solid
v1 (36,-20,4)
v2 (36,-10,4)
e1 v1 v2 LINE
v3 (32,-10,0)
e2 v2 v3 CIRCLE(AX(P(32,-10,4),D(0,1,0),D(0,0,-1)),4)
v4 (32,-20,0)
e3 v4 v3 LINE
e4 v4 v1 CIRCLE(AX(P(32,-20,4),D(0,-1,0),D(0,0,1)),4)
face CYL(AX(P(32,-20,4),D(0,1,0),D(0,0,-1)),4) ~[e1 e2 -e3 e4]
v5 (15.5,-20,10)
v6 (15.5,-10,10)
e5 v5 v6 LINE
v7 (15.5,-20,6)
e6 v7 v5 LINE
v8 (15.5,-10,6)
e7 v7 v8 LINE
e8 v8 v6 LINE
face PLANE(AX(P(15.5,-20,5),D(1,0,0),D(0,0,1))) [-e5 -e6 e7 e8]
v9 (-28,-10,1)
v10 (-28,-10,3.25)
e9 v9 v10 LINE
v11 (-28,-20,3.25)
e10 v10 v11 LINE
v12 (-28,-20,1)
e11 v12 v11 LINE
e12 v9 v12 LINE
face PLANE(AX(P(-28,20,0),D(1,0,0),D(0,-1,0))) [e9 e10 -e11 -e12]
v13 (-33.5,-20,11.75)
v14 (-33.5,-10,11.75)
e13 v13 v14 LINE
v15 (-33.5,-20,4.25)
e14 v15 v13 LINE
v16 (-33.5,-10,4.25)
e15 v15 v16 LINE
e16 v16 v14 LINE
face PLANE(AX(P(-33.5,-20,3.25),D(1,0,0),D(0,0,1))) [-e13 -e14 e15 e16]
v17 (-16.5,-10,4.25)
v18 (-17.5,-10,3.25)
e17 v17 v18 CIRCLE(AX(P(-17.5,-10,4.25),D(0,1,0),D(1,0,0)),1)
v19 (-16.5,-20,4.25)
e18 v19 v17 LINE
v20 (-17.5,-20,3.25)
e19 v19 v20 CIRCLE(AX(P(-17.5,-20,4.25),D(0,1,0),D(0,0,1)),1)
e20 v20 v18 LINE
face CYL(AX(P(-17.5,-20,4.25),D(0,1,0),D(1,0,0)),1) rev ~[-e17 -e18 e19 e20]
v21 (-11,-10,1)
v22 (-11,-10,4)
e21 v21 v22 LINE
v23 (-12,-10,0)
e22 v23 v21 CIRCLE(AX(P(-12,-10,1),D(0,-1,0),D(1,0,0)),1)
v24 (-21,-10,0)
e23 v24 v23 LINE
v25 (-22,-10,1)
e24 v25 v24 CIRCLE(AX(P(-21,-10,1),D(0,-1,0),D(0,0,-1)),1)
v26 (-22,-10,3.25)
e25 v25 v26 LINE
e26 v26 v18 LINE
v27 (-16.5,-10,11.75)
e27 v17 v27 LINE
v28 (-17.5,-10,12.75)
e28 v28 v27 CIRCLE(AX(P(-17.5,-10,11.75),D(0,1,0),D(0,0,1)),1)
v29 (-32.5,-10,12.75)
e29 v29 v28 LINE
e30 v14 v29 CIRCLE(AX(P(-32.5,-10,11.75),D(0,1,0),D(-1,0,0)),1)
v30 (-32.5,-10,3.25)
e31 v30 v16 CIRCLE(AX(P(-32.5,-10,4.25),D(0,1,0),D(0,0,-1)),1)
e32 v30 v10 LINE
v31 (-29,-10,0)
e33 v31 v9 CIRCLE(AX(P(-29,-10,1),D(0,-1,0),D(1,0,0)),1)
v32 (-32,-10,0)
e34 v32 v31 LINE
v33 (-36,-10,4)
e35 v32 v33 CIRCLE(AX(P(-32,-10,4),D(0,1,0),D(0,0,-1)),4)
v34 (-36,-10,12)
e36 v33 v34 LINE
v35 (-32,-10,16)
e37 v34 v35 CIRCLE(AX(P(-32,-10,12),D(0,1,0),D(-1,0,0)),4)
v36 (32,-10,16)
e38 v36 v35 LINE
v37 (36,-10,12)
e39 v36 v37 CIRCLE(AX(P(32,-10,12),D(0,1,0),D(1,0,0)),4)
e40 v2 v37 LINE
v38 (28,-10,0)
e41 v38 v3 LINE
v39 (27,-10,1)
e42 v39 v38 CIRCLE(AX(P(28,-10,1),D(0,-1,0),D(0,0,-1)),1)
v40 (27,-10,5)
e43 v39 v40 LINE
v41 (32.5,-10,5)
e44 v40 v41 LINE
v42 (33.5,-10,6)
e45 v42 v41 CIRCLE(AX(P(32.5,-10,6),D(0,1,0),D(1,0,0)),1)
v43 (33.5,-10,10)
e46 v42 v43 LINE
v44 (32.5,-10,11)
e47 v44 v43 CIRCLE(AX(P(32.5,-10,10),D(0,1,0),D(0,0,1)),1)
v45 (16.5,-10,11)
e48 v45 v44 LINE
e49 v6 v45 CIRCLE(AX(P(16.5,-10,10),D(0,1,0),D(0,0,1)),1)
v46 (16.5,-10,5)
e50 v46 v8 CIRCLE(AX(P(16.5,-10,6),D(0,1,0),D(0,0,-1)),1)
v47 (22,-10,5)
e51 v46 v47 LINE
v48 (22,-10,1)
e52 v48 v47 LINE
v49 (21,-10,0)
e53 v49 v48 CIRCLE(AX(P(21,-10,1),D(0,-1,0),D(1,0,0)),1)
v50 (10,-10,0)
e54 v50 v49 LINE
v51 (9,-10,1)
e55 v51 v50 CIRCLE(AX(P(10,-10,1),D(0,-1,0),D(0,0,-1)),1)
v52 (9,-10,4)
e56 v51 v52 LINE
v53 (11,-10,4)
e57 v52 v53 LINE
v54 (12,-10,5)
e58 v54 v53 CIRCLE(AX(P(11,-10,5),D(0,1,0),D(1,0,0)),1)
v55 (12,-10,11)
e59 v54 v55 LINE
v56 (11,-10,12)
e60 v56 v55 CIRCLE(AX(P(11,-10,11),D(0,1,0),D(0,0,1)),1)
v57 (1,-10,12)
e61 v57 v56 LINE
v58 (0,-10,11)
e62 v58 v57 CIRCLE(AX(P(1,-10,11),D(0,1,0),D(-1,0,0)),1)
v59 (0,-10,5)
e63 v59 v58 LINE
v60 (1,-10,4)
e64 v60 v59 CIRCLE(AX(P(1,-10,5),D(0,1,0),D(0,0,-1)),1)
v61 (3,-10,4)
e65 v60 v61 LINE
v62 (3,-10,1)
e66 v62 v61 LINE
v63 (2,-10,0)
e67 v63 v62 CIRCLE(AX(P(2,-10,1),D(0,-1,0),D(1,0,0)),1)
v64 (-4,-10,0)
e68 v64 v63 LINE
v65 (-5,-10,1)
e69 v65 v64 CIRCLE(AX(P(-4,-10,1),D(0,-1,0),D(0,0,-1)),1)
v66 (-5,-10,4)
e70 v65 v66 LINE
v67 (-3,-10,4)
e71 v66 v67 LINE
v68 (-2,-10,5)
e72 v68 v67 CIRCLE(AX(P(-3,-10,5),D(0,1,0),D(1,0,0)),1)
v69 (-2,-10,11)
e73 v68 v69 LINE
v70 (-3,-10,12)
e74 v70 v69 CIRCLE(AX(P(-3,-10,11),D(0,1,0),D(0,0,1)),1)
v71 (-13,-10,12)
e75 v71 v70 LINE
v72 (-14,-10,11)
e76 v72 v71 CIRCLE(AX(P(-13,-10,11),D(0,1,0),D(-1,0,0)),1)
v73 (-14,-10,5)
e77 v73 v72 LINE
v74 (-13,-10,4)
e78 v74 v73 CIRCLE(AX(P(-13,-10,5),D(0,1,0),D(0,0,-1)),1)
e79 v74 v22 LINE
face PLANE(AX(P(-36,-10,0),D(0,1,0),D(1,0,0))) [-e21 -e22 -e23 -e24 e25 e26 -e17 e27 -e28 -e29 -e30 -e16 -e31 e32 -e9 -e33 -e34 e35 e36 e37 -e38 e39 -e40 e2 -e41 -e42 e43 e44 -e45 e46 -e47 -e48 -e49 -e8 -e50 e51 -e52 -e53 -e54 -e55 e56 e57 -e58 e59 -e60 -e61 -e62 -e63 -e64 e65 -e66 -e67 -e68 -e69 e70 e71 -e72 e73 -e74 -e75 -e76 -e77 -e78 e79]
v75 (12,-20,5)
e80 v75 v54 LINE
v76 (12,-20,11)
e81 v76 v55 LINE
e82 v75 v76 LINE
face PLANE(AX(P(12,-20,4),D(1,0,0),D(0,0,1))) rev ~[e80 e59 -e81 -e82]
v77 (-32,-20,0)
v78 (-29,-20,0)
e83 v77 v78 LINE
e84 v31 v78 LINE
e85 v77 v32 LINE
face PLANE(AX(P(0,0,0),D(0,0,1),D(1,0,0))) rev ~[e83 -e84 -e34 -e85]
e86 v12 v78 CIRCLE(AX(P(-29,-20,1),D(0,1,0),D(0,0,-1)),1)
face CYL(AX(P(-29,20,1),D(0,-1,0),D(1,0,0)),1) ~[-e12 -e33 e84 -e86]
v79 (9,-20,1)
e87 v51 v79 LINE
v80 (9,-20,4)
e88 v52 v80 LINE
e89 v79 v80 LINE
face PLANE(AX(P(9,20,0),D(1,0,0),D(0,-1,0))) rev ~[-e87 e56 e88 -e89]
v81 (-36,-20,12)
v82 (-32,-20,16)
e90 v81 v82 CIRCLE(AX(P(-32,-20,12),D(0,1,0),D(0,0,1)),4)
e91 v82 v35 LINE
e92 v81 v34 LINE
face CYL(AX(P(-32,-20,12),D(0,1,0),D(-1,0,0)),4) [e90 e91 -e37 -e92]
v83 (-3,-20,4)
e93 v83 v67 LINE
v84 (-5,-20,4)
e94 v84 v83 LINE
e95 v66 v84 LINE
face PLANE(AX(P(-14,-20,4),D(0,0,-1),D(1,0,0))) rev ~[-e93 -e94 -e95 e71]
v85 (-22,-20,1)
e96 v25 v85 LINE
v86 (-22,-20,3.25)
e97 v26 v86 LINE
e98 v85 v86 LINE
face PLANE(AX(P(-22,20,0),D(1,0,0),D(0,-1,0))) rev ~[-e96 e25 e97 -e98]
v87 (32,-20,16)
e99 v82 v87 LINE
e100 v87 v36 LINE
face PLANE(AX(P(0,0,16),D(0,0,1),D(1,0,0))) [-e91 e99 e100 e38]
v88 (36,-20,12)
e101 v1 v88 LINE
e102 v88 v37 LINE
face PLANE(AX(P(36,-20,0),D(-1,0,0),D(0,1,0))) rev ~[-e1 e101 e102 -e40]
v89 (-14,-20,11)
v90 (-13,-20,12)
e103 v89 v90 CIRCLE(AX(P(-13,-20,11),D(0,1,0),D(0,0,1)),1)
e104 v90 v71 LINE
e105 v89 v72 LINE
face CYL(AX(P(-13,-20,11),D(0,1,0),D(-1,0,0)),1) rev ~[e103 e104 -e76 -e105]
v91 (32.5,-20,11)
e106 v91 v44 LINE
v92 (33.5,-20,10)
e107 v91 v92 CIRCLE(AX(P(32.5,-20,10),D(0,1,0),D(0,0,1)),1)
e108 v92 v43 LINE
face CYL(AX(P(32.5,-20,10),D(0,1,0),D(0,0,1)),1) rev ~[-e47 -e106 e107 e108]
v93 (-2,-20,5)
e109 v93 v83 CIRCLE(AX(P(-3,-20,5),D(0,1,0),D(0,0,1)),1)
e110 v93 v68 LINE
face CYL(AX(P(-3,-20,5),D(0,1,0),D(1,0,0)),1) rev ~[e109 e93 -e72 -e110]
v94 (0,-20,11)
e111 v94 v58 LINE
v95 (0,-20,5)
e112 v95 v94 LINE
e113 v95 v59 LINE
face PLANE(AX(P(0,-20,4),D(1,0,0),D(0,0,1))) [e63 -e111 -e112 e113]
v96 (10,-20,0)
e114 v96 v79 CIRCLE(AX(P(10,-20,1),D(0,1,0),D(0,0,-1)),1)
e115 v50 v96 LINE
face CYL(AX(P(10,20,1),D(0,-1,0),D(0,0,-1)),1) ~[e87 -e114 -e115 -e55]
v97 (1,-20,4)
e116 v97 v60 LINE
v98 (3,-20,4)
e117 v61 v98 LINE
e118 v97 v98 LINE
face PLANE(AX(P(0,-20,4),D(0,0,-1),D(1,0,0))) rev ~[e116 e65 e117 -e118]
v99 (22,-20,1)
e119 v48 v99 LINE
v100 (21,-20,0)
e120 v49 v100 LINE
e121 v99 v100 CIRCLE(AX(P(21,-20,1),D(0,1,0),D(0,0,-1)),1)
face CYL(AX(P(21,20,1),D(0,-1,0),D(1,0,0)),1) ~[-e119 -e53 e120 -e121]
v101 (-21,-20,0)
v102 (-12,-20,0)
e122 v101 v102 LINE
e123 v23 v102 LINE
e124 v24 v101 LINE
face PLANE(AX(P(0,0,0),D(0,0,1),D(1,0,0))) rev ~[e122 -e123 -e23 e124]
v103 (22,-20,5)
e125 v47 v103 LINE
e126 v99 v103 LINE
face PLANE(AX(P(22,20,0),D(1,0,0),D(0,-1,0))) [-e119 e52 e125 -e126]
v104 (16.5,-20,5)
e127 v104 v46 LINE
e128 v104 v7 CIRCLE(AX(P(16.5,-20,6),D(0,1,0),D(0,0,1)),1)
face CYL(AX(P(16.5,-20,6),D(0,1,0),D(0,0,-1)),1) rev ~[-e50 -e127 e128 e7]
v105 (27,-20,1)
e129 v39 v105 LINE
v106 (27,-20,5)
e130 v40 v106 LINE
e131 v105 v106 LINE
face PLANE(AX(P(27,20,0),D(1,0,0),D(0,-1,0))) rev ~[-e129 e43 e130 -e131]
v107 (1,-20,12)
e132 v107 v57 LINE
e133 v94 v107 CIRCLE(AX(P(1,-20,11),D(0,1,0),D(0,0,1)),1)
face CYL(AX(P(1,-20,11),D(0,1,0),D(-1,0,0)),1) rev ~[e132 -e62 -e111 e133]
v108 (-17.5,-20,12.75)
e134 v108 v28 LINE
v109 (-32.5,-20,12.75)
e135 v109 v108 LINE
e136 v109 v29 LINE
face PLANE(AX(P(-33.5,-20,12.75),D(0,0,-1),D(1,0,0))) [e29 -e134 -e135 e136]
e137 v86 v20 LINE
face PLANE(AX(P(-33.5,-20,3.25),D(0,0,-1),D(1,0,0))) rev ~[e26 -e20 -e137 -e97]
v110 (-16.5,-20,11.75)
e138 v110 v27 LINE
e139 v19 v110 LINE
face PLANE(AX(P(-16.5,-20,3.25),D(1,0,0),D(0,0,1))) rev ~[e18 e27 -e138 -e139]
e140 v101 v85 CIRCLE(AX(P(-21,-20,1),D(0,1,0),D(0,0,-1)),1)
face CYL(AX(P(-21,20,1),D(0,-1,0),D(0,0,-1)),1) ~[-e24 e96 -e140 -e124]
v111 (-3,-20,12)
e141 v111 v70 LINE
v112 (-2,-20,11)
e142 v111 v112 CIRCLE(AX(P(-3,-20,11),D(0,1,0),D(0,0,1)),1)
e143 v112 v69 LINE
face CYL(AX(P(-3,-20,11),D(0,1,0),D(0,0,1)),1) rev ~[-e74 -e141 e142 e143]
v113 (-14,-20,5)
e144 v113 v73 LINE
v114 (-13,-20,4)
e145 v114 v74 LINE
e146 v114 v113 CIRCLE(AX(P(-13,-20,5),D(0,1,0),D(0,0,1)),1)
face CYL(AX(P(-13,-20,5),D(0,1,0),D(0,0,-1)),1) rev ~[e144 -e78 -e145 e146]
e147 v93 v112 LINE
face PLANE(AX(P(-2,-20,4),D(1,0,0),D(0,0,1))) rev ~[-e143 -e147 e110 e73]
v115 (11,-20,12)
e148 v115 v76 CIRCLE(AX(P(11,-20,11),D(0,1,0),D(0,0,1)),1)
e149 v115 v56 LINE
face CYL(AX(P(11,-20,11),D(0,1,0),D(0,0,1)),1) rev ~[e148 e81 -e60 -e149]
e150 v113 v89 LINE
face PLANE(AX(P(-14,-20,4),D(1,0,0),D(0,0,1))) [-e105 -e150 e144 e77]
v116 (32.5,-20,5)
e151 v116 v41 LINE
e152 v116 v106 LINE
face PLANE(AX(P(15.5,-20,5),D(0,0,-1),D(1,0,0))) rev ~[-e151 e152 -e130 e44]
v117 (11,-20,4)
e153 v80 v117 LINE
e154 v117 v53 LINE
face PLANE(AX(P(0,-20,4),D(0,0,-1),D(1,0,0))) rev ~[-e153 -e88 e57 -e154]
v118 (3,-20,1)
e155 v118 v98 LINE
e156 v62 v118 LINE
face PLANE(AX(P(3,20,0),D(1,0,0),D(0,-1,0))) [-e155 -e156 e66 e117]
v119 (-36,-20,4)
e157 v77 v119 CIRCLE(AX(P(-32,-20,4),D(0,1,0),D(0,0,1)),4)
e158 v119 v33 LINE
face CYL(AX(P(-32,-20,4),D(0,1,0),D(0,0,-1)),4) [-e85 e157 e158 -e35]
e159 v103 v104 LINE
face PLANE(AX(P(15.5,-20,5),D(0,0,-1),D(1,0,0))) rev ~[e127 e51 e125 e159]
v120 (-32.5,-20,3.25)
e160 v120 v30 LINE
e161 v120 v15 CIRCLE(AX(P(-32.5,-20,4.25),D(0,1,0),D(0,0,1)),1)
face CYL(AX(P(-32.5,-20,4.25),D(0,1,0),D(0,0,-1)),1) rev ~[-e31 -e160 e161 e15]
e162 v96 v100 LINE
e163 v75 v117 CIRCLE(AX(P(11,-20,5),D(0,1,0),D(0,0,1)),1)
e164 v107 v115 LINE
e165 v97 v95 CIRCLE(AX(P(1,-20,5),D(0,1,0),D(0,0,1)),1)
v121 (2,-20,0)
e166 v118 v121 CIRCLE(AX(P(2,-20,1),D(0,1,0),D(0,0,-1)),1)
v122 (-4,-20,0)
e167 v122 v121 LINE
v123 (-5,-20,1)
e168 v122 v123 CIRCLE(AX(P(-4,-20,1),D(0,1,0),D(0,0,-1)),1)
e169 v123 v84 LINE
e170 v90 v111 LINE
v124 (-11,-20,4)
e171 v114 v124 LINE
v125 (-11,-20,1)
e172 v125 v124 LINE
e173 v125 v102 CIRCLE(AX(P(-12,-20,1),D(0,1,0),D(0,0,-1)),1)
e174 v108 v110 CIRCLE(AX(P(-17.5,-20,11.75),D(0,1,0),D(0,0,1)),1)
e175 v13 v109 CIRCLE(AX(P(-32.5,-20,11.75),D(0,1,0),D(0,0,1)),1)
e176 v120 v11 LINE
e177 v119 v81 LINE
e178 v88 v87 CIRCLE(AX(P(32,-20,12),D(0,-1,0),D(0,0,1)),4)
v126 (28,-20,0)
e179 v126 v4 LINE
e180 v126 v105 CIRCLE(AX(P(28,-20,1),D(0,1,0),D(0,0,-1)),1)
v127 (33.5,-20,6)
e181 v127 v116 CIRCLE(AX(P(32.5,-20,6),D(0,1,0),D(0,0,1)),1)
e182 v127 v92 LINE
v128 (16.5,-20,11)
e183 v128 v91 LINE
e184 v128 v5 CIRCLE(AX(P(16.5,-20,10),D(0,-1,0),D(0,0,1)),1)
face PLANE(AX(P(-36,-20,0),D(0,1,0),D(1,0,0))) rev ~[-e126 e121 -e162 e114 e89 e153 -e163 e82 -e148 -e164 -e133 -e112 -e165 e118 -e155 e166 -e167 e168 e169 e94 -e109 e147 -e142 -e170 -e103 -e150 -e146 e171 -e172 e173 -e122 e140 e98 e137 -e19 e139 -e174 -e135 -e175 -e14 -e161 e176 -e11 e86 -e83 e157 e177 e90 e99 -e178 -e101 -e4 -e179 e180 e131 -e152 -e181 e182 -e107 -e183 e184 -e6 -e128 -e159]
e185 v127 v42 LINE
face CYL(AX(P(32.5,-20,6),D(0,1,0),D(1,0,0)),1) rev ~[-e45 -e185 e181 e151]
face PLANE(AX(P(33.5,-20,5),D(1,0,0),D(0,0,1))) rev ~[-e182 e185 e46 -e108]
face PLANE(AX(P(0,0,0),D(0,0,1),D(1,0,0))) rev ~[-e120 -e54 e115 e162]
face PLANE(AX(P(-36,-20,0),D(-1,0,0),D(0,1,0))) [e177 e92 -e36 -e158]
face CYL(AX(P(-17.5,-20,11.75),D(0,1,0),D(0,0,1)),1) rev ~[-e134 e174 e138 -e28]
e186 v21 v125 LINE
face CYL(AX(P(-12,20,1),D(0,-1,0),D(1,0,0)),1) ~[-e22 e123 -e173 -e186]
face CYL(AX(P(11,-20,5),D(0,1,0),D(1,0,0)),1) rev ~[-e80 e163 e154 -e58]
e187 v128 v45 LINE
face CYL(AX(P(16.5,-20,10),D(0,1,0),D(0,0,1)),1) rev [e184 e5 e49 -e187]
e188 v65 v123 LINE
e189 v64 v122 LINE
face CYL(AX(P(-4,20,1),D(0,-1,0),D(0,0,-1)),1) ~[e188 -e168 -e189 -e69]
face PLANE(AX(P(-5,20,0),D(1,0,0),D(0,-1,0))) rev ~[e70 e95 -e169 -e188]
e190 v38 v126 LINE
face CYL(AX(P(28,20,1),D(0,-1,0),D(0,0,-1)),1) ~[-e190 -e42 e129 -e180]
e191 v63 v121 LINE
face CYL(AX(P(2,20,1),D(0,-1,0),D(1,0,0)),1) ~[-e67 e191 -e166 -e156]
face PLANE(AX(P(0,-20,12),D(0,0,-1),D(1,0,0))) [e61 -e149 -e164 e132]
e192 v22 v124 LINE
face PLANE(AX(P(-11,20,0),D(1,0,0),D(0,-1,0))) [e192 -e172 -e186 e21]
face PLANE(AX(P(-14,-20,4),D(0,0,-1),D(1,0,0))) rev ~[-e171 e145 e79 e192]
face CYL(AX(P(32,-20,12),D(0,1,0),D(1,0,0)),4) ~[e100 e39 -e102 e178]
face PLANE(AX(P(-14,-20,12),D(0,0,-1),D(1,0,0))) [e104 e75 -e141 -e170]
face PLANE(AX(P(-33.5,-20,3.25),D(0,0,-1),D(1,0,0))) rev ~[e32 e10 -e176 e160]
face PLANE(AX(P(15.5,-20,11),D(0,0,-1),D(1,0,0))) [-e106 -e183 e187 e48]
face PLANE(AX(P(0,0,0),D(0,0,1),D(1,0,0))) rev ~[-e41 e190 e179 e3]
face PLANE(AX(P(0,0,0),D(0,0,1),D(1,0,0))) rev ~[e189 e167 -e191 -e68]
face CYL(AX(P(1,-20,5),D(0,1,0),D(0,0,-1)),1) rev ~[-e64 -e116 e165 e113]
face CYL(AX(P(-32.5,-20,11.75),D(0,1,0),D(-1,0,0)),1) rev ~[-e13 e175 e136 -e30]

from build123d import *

# Parameters (mm, degrees)
F0_W      = 72
F0_H      = 40
F1_DEPTH  = 16
F3_W      = 17
F3_H      = 9.5
F7_DEPTH  = 35
F4_W      = 12
F4_H      = 8
F8_DEPTH  = 20
F5_W      = 12
F5_H      = 8
F9_DEPTH  = 28
F6_W      = 18
F6_H      = 6
F10_DEPTH = 11
F11_R     = 3.25
F11_R_2   = 3
F12_DEPTH = 40.001
F13_W     = 6
F13_H     = 40
F13_W_2   = 5
F14_DEPTH = 8
F15_R     = 1
F16_R     = 4
F17_W     = 72
F17_H     = 10
F18_DEPTH = 16.001


with BuildPart() as f1:
    # F0 (on Top) → F1 (new body)
    with BuildSketch(Plane.XY):
        Rectangle(F0_W, F0_H)
    extrude(amount=F1_DEPTH)

    # F3 (on face) → F7 (cut)
    with BuildSketch(Plane.XZ.offset(20)):
        with Locations((-25, 8)):
            Rectangle(F3_W, F3_H)
    extrude(amount=-F7_DEPTH, mode=Mode.SUBTRACT)

    # F4 (on face) → F8 (cut)
    with BuildSketch(Plane.XZ.offset(20)):
        with Locations((-8, 8)):
            Rectangle(F4_W, F4_H)
    extrude(amount=-F8_DEPTH, mode=Mode.SUBTRACT)

    # F5 (on face) → F9 (cut)
    with BuildSketch(Plane.XZ.offset(20)):
        with Locations((6, 8)):
            Rectangle(F5_W, F5_H)
    extrude(amount=-F9_DEPTH, mode=Mode.SUBTRACT)

    # F6 (on face) → F10 (cut)
    with BuildSketch(Plane.XZ.offset(20)):
        with Locations((24.5, 8)):
            Rectangle(F6_W, F6_H)
    extrude(amount=-F10_DEPTH, mode=Mode.SUBTRACT)

    # F11 (on face) → F12 (cut, through all)
    with BuildSketch(Plane.XZ.offset(20)):
        with Locations((-25, 8)):
            Circle(F11_R)
        with Locations((-8, 8)):
            Circle(F11_R)
        with Locations((6, 8)):
            Circle(F11_R)
        with Locations((24.5, 8)):
            Circle(F11_R_2)
    extrude(amount=-F12_DEPTH, mode=Mode.SUBTRACT)

    # F13 (on face) → F14 (cut)
    with BuildSketch(Plane(origin=(0, 0, 0), x_dir=(1, 0, 0), z_dir=(0, 0, -1))):
        with Locations((-25, 0)):
            Rectangle(F13_W, F13_H)
        with Locations((-8, 0)):
            Rectangle(F13_W, F13_H)
        with Locations((6, 0)):
            Rectangle(F13_W, F13_H)
        with Locations((24.5, 0)):
            Rectangle(F13_W_2, F13_H)
    extrude(amount=-F14_DEPTH, mode=Mode.SUBTRACT)

    # F15
    f15_edges = [f1.edges().sort_by_distance(p)[0] for p in [
        (33.5, -14.5, 5),
        (33.5, -14.5, 11),
        (12, -6, 12),
        (-2, -10, 12),
        (-16.5, -2.5, 12.75),
        (-33.5, -2.5, 3.25),
        (-14, -10, 4),
        (0, -6, 4),
        (15.5, -14.5, 5),
        (15.5, -14.5, 11),
        (0, -6, 12),
        (-14, -10, 12),
        (-33.5, -2.5, 12.75),
        (12, -6, 4),
        (-2, -10, 4),
        (-16.5, -2.5, 3.25),
        (22, 0, 0),
        (27, 0, 0),
        (3, 0, 0),
        (9, 0, 0),
        (-11, 0, 0),
        (-5, 0, 0),
        (-28, 0, 0),
        (-22, 0, 0),
    ]]
    fillet(f15_edges, radius=F15_R)

    # F16
    f16_edges = [f1.edges().sort_by_distance(p)[0] for p in [
        (36, 0, 0),
        (36, 0, 16),
        (-36, 0, 0),
        (-36, 0, 16),
    ]]
    fillet(f16_edges, radius=F16_R)

    # F17 (on Top) → F18 (intersect, through all)
    with BuildSketch(Plane.XY):
        with Locations((0, -15)):
            Rectangle(F17_W, F17_H)
    extrude(amount=F18_DEPTH, mode=Mode.INTERSECT)


solid = f1.part
